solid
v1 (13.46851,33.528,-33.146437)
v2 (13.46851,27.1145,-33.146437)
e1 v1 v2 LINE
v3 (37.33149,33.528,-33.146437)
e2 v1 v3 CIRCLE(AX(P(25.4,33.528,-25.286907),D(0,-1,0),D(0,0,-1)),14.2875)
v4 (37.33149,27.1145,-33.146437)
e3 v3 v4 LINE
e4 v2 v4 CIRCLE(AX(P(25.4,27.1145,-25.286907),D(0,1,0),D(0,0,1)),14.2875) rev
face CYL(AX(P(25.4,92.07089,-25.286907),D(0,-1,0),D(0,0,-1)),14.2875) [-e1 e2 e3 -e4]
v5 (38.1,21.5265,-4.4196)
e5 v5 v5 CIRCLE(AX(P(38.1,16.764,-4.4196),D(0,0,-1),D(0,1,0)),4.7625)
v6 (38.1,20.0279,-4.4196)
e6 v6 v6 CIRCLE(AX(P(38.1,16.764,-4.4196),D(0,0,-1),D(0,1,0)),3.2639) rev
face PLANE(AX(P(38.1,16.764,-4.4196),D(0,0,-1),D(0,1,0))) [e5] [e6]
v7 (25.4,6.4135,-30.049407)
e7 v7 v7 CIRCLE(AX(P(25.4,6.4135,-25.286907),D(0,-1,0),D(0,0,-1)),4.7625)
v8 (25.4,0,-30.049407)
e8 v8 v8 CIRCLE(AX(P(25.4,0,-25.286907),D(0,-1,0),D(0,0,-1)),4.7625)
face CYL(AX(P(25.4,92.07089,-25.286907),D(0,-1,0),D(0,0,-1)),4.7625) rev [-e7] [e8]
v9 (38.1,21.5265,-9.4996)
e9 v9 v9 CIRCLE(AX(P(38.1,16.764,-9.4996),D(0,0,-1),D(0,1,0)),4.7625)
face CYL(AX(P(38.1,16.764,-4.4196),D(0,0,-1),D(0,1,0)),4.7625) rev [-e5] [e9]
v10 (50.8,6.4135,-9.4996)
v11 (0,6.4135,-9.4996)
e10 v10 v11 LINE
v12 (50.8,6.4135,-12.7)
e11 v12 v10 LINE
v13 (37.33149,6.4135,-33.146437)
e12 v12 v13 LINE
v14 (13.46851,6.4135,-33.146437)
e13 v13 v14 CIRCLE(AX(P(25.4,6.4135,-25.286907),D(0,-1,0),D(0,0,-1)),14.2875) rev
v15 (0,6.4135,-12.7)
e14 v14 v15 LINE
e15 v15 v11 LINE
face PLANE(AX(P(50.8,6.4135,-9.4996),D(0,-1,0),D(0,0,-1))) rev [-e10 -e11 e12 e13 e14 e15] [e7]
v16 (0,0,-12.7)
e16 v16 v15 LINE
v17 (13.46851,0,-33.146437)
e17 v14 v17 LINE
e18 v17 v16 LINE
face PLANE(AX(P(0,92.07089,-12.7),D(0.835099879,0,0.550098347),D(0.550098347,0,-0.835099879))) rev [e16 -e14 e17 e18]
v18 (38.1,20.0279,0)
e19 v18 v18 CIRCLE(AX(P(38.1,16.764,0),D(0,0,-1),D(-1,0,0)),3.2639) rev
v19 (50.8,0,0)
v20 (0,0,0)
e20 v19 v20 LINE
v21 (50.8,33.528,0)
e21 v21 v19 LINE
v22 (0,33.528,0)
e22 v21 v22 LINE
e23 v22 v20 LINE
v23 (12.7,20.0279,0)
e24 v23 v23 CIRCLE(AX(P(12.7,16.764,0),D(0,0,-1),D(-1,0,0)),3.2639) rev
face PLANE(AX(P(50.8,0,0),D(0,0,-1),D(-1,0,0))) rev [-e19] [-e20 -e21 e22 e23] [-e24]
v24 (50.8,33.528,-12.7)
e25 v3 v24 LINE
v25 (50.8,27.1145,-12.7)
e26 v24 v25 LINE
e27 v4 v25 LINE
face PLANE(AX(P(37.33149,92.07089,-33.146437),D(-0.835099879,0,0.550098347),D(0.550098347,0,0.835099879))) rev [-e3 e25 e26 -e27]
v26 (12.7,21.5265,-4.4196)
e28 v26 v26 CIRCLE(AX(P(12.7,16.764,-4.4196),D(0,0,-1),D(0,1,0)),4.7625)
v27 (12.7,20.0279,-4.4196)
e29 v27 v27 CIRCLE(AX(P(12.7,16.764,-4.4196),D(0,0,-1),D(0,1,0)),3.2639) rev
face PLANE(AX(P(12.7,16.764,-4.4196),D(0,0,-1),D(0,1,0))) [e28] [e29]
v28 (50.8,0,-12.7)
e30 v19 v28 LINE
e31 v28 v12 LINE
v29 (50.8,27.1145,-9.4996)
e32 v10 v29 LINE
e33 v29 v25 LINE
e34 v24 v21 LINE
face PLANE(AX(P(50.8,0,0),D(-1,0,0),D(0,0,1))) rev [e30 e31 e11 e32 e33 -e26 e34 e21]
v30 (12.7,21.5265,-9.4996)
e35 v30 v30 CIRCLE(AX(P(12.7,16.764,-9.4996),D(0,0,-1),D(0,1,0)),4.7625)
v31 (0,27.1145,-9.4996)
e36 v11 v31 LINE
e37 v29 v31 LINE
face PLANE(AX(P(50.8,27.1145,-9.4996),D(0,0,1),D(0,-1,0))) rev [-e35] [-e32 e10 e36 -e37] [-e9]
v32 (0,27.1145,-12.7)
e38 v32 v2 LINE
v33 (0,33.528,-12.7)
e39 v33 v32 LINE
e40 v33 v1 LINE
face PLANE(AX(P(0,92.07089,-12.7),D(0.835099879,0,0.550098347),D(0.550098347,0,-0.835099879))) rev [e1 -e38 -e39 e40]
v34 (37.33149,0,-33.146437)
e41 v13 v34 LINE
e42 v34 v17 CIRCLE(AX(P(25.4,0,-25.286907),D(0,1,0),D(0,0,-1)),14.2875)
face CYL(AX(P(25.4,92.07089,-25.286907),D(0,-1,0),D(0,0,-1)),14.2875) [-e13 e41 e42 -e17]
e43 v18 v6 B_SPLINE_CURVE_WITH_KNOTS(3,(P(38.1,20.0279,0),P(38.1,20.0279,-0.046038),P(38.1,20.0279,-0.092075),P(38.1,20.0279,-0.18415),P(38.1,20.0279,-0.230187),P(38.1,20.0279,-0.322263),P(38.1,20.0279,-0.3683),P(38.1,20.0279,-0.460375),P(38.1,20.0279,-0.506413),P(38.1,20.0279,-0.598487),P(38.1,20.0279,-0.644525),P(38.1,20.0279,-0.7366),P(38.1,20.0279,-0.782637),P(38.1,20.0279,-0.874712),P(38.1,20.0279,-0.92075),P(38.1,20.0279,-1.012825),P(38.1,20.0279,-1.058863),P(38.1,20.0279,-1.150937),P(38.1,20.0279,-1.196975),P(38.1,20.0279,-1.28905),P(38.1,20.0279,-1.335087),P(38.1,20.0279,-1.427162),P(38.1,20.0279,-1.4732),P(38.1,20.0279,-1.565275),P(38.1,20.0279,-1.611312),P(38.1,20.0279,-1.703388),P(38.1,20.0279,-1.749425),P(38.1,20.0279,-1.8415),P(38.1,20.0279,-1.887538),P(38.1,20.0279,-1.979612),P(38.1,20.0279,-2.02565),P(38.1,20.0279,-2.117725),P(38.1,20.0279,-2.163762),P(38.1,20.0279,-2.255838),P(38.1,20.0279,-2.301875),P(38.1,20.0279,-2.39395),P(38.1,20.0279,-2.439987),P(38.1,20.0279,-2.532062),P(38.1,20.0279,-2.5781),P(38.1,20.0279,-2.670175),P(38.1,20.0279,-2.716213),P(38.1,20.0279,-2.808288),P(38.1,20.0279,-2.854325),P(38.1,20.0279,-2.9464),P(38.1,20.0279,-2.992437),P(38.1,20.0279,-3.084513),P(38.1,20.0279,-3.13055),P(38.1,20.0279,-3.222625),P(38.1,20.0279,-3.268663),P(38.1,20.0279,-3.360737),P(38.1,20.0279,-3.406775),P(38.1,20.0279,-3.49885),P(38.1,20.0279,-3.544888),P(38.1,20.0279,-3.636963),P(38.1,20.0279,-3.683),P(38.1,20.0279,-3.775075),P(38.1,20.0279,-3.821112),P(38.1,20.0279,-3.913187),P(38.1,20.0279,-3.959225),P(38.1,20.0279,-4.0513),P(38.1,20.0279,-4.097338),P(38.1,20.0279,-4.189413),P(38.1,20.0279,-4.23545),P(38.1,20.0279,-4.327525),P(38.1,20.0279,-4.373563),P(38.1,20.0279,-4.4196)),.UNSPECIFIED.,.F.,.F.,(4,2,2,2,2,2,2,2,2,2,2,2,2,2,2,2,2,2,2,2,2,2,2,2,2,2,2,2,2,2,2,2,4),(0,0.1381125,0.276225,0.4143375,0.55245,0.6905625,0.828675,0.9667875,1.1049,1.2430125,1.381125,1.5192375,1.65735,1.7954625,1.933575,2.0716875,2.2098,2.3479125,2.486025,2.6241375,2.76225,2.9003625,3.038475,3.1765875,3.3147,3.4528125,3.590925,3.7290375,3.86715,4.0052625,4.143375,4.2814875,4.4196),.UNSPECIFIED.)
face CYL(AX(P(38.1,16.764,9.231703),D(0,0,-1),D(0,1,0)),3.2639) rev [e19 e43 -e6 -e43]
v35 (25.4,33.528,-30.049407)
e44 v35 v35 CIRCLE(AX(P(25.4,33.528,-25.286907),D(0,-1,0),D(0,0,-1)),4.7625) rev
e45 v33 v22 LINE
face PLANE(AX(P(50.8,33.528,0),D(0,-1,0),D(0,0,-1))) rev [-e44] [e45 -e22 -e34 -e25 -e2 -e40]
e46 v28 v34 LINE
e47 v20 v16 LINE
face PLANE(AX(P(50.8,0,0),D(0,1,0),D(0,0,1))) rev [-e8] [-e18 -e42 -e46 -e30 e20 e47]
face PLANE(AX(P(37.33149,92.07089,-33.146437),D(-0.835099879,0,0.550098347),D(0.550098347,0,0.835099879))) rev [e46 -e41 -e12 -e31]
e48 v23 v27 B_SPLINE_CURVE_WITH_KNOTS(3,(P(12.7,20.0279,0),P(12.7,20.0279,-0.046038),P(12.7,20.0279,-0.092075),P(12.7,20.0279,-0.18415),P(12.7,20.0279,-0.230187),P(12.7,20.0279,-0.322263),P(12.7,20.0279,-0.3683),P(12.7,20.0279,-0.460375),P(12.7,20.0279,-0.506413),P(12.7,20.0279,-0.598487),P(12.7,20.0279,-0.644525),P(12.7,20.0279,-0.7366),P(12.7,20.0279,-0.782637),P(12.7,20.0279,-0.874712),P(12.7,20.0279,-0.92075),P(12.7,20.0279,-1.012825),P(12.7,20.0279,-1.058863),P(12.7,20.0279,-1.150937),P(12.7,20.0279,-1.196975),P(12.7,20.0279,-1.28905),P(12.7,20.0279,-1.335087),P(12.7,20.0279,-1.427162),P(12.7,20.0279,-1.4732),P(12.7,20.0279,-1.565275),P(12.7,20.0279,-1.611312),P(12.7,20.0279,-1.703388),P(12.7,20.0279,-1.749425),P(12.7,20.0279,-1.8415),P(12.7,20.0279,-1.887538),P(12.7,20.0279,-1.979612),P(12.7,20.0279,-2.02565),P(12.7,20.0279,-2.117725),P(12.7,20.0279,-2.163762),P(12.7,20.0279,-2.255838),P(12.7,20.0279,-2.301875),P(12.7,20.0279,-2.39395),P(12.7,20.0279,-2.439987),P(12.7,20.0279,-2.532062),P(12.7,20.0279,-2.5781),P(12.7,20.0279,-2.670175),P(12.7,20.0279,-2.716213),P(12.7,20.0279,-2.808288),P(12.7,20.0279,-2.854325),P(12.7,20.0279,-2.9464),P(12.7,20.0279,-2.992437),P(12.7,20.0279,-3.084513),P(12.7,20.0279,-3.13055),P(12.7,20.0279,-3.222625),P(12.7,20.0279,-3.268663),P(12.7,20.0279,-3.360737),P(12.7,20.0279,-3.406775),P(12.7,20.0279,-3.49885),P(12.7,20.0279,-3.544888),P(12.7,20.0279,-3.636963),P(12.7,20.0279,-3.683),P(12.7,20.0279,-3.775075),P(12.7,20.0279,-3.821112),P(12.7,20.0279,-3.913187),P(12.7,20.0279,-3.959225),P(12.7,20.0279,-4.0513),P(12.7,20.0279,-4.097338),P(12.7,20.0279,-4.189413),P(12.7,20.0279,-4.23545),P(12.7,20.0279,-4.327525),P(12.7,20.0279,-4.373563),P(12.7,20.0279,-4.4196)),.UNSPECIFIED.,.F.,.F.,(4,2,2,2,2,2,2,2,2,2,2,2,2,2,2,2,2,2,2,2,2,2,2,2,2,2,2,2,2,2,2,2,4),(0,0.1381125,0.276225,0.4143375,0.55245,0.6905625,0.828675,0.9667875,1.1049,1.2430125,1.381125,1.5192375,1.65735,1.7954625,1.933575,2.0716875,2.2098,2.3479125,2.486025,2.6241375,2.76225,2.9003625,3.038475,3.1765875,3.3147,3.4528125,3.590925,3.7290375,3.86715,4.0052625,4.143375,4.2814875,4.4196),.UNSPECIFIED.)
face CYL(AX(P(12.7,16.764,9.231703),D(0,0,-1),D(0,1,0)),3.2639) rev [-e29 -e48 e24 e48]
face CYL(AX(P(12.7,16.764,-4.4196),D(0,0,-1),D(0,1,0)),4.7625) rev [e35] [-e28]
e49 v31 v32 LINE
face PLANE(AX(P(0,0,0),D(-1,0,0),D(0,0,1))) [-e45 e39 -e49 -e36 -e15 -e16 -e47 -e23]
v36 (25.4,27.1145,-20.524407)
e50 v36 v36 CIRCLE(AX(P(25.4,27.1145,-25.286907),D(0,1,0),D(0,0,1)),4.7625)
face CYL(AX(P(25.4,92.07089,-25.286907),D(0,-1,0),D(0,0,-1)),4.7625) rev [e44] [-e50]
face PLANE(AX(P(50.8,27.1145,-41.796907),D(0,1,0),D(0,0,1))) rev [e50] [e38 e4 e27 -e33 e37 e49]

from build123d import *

# Parameters (mm, degrees)
BOSS_EXTRUDE1_DEPTH         = 50.8
SKETCH2_R                   = 3.2639
F_1_4_CLEARNACE_HOLES_DEPTH = 9.4996
CUT_EXTRUDE2_REACH          = 75.836
SKETCH3_R                   = 4.7625
SKETCH4_R                   = 4.7625
F_3_8_HEAD_DEPTH            = 5.08


with BuildPart() as part:
    # Sketch1 → Boss-Extrude1 (new body)
    with BuildSketch(Plane(origin=(0, 0, 0), x_dir=(0, 0, -1), z_dir=(1, 0, 0))):
        Polygon((41.796907359, 27.1145), (9.4996, 27.1145), (9.4996, 6.4135), (41.796907359, 6.4135), (41.796907359, 0), (0, 0), (0, 33.528), (41.796907359, 33.528), align=None)
    extrude(amount=BOSS_EXTRUDE1_DEPTH)

    # Sketch2 → 1/4 Clearnace Holes (cut)
    with BuildSketch(Plane(origin=(0, 0, -9.4996), x_dir=(-1, 0, 0), z_dir=(0, 0, -1))):
        with Locations(Location((-38.1, 16.764, 0), (0, 0, 90))):
            Circle(SKETCH2_R)
        with Locations(Location((-12.7, 16.764, 0), (0, 0, 90))):
            Circle(SKETCH2_R)
    extrude(amount=-F_1_4_CLEARNACE_HOLES_DEPTH, mode=Mode.SUBTRACT)

    # Cut-Extrude2: up to this face of the body (flat: up to its plane)
    cut_extrude2_end = Plane(part.part.faces().sort_by_distance((25.4, 33.528, -20.898453679))[0])
    # Sketch3 → Cut-Extrude2 (cut, up to the picked face)
    with BuildSketch(Plane.XZ, mode=Mode.PRIVATE) as cut_extrude2_sk1:
        with Locations(Location((25.4, -25.286907359, 0), (0, 0, 270))):
            Circle(SKETCH3_R)
    cut_extrude2_tool1 = split(extrude(cut_extrude2_sk1.sketch, amount=-CUT_EXTRUDE2_REACH, mode=Mode.PRIVATE), bisect_by=cut_extrude2_end, keep=Keep.BOTH, mode=Mode.PRIVATE)
    # Sketch3 → Cut-Extrude2 (cut, up to the picked face)
    with BuildSketch(Plane.XZ, mode=Mode.PRIVATE) as cut_extrude2_sk2:
        with BuildLine():
            Line((0, -12.7), (13.468510474, -33.146437494))
            ThreePointArc((13.468510474, -33.146437494), (25.4, -39.574407359), (37.331489526, -33.146437494))
            Line((37.331489526, -33.146437494), (50.8, -12.7))
            Line((50.8, -12.7), (50.8, -41.796907359))
            Line((50.8, -41.796907359), (0, -41.796907359))
            Line((0, -41.796907359), (0, -12.7))
        make_face()
    cut_extrude2_tool2 = split(extrude(cut_extrude2_sk2.sketch, amount=-CUT_EXTRUDE2_REACH, mode=Mode.PRIVATE), bisect_by=cut_extrude2_end, keep=Keep.BOTH, mode=Mode.PRIVATE)
    add(cut_extrude2_tool1.solids().sort_by(Axis((25.4, 0, -25.286907), (0, 1, 0)))[0], mode=Mode.SUBTRACT)
    add(cut_extrude2_tool2.solids().sort_by(Axis((6.245364, 0, -23.245262), (0, 1, 0)))[0], mode=Mode.SUBTRACT)

    # Sketch4 → 3/8 Head (cut)
    with BuildSketch(Plane(origin=(0, 0, -9.4996), x_dir=(-1, 0, 0), z_dir=(0, 0, -1))):
        with Locations(Location((-12.7, 16.764, 0), (0, 0, 90))):
            Circle(SKETCH4_R)
        with Locations(Location((-38.1, 16.764, 0), (0, 0, 90))):
            Circle(SKETCH4_R)
    extrude(amount=-F_3_8_HEAD_DEPTH, mode=Mode.SUBTRACT)


solid = part.part
